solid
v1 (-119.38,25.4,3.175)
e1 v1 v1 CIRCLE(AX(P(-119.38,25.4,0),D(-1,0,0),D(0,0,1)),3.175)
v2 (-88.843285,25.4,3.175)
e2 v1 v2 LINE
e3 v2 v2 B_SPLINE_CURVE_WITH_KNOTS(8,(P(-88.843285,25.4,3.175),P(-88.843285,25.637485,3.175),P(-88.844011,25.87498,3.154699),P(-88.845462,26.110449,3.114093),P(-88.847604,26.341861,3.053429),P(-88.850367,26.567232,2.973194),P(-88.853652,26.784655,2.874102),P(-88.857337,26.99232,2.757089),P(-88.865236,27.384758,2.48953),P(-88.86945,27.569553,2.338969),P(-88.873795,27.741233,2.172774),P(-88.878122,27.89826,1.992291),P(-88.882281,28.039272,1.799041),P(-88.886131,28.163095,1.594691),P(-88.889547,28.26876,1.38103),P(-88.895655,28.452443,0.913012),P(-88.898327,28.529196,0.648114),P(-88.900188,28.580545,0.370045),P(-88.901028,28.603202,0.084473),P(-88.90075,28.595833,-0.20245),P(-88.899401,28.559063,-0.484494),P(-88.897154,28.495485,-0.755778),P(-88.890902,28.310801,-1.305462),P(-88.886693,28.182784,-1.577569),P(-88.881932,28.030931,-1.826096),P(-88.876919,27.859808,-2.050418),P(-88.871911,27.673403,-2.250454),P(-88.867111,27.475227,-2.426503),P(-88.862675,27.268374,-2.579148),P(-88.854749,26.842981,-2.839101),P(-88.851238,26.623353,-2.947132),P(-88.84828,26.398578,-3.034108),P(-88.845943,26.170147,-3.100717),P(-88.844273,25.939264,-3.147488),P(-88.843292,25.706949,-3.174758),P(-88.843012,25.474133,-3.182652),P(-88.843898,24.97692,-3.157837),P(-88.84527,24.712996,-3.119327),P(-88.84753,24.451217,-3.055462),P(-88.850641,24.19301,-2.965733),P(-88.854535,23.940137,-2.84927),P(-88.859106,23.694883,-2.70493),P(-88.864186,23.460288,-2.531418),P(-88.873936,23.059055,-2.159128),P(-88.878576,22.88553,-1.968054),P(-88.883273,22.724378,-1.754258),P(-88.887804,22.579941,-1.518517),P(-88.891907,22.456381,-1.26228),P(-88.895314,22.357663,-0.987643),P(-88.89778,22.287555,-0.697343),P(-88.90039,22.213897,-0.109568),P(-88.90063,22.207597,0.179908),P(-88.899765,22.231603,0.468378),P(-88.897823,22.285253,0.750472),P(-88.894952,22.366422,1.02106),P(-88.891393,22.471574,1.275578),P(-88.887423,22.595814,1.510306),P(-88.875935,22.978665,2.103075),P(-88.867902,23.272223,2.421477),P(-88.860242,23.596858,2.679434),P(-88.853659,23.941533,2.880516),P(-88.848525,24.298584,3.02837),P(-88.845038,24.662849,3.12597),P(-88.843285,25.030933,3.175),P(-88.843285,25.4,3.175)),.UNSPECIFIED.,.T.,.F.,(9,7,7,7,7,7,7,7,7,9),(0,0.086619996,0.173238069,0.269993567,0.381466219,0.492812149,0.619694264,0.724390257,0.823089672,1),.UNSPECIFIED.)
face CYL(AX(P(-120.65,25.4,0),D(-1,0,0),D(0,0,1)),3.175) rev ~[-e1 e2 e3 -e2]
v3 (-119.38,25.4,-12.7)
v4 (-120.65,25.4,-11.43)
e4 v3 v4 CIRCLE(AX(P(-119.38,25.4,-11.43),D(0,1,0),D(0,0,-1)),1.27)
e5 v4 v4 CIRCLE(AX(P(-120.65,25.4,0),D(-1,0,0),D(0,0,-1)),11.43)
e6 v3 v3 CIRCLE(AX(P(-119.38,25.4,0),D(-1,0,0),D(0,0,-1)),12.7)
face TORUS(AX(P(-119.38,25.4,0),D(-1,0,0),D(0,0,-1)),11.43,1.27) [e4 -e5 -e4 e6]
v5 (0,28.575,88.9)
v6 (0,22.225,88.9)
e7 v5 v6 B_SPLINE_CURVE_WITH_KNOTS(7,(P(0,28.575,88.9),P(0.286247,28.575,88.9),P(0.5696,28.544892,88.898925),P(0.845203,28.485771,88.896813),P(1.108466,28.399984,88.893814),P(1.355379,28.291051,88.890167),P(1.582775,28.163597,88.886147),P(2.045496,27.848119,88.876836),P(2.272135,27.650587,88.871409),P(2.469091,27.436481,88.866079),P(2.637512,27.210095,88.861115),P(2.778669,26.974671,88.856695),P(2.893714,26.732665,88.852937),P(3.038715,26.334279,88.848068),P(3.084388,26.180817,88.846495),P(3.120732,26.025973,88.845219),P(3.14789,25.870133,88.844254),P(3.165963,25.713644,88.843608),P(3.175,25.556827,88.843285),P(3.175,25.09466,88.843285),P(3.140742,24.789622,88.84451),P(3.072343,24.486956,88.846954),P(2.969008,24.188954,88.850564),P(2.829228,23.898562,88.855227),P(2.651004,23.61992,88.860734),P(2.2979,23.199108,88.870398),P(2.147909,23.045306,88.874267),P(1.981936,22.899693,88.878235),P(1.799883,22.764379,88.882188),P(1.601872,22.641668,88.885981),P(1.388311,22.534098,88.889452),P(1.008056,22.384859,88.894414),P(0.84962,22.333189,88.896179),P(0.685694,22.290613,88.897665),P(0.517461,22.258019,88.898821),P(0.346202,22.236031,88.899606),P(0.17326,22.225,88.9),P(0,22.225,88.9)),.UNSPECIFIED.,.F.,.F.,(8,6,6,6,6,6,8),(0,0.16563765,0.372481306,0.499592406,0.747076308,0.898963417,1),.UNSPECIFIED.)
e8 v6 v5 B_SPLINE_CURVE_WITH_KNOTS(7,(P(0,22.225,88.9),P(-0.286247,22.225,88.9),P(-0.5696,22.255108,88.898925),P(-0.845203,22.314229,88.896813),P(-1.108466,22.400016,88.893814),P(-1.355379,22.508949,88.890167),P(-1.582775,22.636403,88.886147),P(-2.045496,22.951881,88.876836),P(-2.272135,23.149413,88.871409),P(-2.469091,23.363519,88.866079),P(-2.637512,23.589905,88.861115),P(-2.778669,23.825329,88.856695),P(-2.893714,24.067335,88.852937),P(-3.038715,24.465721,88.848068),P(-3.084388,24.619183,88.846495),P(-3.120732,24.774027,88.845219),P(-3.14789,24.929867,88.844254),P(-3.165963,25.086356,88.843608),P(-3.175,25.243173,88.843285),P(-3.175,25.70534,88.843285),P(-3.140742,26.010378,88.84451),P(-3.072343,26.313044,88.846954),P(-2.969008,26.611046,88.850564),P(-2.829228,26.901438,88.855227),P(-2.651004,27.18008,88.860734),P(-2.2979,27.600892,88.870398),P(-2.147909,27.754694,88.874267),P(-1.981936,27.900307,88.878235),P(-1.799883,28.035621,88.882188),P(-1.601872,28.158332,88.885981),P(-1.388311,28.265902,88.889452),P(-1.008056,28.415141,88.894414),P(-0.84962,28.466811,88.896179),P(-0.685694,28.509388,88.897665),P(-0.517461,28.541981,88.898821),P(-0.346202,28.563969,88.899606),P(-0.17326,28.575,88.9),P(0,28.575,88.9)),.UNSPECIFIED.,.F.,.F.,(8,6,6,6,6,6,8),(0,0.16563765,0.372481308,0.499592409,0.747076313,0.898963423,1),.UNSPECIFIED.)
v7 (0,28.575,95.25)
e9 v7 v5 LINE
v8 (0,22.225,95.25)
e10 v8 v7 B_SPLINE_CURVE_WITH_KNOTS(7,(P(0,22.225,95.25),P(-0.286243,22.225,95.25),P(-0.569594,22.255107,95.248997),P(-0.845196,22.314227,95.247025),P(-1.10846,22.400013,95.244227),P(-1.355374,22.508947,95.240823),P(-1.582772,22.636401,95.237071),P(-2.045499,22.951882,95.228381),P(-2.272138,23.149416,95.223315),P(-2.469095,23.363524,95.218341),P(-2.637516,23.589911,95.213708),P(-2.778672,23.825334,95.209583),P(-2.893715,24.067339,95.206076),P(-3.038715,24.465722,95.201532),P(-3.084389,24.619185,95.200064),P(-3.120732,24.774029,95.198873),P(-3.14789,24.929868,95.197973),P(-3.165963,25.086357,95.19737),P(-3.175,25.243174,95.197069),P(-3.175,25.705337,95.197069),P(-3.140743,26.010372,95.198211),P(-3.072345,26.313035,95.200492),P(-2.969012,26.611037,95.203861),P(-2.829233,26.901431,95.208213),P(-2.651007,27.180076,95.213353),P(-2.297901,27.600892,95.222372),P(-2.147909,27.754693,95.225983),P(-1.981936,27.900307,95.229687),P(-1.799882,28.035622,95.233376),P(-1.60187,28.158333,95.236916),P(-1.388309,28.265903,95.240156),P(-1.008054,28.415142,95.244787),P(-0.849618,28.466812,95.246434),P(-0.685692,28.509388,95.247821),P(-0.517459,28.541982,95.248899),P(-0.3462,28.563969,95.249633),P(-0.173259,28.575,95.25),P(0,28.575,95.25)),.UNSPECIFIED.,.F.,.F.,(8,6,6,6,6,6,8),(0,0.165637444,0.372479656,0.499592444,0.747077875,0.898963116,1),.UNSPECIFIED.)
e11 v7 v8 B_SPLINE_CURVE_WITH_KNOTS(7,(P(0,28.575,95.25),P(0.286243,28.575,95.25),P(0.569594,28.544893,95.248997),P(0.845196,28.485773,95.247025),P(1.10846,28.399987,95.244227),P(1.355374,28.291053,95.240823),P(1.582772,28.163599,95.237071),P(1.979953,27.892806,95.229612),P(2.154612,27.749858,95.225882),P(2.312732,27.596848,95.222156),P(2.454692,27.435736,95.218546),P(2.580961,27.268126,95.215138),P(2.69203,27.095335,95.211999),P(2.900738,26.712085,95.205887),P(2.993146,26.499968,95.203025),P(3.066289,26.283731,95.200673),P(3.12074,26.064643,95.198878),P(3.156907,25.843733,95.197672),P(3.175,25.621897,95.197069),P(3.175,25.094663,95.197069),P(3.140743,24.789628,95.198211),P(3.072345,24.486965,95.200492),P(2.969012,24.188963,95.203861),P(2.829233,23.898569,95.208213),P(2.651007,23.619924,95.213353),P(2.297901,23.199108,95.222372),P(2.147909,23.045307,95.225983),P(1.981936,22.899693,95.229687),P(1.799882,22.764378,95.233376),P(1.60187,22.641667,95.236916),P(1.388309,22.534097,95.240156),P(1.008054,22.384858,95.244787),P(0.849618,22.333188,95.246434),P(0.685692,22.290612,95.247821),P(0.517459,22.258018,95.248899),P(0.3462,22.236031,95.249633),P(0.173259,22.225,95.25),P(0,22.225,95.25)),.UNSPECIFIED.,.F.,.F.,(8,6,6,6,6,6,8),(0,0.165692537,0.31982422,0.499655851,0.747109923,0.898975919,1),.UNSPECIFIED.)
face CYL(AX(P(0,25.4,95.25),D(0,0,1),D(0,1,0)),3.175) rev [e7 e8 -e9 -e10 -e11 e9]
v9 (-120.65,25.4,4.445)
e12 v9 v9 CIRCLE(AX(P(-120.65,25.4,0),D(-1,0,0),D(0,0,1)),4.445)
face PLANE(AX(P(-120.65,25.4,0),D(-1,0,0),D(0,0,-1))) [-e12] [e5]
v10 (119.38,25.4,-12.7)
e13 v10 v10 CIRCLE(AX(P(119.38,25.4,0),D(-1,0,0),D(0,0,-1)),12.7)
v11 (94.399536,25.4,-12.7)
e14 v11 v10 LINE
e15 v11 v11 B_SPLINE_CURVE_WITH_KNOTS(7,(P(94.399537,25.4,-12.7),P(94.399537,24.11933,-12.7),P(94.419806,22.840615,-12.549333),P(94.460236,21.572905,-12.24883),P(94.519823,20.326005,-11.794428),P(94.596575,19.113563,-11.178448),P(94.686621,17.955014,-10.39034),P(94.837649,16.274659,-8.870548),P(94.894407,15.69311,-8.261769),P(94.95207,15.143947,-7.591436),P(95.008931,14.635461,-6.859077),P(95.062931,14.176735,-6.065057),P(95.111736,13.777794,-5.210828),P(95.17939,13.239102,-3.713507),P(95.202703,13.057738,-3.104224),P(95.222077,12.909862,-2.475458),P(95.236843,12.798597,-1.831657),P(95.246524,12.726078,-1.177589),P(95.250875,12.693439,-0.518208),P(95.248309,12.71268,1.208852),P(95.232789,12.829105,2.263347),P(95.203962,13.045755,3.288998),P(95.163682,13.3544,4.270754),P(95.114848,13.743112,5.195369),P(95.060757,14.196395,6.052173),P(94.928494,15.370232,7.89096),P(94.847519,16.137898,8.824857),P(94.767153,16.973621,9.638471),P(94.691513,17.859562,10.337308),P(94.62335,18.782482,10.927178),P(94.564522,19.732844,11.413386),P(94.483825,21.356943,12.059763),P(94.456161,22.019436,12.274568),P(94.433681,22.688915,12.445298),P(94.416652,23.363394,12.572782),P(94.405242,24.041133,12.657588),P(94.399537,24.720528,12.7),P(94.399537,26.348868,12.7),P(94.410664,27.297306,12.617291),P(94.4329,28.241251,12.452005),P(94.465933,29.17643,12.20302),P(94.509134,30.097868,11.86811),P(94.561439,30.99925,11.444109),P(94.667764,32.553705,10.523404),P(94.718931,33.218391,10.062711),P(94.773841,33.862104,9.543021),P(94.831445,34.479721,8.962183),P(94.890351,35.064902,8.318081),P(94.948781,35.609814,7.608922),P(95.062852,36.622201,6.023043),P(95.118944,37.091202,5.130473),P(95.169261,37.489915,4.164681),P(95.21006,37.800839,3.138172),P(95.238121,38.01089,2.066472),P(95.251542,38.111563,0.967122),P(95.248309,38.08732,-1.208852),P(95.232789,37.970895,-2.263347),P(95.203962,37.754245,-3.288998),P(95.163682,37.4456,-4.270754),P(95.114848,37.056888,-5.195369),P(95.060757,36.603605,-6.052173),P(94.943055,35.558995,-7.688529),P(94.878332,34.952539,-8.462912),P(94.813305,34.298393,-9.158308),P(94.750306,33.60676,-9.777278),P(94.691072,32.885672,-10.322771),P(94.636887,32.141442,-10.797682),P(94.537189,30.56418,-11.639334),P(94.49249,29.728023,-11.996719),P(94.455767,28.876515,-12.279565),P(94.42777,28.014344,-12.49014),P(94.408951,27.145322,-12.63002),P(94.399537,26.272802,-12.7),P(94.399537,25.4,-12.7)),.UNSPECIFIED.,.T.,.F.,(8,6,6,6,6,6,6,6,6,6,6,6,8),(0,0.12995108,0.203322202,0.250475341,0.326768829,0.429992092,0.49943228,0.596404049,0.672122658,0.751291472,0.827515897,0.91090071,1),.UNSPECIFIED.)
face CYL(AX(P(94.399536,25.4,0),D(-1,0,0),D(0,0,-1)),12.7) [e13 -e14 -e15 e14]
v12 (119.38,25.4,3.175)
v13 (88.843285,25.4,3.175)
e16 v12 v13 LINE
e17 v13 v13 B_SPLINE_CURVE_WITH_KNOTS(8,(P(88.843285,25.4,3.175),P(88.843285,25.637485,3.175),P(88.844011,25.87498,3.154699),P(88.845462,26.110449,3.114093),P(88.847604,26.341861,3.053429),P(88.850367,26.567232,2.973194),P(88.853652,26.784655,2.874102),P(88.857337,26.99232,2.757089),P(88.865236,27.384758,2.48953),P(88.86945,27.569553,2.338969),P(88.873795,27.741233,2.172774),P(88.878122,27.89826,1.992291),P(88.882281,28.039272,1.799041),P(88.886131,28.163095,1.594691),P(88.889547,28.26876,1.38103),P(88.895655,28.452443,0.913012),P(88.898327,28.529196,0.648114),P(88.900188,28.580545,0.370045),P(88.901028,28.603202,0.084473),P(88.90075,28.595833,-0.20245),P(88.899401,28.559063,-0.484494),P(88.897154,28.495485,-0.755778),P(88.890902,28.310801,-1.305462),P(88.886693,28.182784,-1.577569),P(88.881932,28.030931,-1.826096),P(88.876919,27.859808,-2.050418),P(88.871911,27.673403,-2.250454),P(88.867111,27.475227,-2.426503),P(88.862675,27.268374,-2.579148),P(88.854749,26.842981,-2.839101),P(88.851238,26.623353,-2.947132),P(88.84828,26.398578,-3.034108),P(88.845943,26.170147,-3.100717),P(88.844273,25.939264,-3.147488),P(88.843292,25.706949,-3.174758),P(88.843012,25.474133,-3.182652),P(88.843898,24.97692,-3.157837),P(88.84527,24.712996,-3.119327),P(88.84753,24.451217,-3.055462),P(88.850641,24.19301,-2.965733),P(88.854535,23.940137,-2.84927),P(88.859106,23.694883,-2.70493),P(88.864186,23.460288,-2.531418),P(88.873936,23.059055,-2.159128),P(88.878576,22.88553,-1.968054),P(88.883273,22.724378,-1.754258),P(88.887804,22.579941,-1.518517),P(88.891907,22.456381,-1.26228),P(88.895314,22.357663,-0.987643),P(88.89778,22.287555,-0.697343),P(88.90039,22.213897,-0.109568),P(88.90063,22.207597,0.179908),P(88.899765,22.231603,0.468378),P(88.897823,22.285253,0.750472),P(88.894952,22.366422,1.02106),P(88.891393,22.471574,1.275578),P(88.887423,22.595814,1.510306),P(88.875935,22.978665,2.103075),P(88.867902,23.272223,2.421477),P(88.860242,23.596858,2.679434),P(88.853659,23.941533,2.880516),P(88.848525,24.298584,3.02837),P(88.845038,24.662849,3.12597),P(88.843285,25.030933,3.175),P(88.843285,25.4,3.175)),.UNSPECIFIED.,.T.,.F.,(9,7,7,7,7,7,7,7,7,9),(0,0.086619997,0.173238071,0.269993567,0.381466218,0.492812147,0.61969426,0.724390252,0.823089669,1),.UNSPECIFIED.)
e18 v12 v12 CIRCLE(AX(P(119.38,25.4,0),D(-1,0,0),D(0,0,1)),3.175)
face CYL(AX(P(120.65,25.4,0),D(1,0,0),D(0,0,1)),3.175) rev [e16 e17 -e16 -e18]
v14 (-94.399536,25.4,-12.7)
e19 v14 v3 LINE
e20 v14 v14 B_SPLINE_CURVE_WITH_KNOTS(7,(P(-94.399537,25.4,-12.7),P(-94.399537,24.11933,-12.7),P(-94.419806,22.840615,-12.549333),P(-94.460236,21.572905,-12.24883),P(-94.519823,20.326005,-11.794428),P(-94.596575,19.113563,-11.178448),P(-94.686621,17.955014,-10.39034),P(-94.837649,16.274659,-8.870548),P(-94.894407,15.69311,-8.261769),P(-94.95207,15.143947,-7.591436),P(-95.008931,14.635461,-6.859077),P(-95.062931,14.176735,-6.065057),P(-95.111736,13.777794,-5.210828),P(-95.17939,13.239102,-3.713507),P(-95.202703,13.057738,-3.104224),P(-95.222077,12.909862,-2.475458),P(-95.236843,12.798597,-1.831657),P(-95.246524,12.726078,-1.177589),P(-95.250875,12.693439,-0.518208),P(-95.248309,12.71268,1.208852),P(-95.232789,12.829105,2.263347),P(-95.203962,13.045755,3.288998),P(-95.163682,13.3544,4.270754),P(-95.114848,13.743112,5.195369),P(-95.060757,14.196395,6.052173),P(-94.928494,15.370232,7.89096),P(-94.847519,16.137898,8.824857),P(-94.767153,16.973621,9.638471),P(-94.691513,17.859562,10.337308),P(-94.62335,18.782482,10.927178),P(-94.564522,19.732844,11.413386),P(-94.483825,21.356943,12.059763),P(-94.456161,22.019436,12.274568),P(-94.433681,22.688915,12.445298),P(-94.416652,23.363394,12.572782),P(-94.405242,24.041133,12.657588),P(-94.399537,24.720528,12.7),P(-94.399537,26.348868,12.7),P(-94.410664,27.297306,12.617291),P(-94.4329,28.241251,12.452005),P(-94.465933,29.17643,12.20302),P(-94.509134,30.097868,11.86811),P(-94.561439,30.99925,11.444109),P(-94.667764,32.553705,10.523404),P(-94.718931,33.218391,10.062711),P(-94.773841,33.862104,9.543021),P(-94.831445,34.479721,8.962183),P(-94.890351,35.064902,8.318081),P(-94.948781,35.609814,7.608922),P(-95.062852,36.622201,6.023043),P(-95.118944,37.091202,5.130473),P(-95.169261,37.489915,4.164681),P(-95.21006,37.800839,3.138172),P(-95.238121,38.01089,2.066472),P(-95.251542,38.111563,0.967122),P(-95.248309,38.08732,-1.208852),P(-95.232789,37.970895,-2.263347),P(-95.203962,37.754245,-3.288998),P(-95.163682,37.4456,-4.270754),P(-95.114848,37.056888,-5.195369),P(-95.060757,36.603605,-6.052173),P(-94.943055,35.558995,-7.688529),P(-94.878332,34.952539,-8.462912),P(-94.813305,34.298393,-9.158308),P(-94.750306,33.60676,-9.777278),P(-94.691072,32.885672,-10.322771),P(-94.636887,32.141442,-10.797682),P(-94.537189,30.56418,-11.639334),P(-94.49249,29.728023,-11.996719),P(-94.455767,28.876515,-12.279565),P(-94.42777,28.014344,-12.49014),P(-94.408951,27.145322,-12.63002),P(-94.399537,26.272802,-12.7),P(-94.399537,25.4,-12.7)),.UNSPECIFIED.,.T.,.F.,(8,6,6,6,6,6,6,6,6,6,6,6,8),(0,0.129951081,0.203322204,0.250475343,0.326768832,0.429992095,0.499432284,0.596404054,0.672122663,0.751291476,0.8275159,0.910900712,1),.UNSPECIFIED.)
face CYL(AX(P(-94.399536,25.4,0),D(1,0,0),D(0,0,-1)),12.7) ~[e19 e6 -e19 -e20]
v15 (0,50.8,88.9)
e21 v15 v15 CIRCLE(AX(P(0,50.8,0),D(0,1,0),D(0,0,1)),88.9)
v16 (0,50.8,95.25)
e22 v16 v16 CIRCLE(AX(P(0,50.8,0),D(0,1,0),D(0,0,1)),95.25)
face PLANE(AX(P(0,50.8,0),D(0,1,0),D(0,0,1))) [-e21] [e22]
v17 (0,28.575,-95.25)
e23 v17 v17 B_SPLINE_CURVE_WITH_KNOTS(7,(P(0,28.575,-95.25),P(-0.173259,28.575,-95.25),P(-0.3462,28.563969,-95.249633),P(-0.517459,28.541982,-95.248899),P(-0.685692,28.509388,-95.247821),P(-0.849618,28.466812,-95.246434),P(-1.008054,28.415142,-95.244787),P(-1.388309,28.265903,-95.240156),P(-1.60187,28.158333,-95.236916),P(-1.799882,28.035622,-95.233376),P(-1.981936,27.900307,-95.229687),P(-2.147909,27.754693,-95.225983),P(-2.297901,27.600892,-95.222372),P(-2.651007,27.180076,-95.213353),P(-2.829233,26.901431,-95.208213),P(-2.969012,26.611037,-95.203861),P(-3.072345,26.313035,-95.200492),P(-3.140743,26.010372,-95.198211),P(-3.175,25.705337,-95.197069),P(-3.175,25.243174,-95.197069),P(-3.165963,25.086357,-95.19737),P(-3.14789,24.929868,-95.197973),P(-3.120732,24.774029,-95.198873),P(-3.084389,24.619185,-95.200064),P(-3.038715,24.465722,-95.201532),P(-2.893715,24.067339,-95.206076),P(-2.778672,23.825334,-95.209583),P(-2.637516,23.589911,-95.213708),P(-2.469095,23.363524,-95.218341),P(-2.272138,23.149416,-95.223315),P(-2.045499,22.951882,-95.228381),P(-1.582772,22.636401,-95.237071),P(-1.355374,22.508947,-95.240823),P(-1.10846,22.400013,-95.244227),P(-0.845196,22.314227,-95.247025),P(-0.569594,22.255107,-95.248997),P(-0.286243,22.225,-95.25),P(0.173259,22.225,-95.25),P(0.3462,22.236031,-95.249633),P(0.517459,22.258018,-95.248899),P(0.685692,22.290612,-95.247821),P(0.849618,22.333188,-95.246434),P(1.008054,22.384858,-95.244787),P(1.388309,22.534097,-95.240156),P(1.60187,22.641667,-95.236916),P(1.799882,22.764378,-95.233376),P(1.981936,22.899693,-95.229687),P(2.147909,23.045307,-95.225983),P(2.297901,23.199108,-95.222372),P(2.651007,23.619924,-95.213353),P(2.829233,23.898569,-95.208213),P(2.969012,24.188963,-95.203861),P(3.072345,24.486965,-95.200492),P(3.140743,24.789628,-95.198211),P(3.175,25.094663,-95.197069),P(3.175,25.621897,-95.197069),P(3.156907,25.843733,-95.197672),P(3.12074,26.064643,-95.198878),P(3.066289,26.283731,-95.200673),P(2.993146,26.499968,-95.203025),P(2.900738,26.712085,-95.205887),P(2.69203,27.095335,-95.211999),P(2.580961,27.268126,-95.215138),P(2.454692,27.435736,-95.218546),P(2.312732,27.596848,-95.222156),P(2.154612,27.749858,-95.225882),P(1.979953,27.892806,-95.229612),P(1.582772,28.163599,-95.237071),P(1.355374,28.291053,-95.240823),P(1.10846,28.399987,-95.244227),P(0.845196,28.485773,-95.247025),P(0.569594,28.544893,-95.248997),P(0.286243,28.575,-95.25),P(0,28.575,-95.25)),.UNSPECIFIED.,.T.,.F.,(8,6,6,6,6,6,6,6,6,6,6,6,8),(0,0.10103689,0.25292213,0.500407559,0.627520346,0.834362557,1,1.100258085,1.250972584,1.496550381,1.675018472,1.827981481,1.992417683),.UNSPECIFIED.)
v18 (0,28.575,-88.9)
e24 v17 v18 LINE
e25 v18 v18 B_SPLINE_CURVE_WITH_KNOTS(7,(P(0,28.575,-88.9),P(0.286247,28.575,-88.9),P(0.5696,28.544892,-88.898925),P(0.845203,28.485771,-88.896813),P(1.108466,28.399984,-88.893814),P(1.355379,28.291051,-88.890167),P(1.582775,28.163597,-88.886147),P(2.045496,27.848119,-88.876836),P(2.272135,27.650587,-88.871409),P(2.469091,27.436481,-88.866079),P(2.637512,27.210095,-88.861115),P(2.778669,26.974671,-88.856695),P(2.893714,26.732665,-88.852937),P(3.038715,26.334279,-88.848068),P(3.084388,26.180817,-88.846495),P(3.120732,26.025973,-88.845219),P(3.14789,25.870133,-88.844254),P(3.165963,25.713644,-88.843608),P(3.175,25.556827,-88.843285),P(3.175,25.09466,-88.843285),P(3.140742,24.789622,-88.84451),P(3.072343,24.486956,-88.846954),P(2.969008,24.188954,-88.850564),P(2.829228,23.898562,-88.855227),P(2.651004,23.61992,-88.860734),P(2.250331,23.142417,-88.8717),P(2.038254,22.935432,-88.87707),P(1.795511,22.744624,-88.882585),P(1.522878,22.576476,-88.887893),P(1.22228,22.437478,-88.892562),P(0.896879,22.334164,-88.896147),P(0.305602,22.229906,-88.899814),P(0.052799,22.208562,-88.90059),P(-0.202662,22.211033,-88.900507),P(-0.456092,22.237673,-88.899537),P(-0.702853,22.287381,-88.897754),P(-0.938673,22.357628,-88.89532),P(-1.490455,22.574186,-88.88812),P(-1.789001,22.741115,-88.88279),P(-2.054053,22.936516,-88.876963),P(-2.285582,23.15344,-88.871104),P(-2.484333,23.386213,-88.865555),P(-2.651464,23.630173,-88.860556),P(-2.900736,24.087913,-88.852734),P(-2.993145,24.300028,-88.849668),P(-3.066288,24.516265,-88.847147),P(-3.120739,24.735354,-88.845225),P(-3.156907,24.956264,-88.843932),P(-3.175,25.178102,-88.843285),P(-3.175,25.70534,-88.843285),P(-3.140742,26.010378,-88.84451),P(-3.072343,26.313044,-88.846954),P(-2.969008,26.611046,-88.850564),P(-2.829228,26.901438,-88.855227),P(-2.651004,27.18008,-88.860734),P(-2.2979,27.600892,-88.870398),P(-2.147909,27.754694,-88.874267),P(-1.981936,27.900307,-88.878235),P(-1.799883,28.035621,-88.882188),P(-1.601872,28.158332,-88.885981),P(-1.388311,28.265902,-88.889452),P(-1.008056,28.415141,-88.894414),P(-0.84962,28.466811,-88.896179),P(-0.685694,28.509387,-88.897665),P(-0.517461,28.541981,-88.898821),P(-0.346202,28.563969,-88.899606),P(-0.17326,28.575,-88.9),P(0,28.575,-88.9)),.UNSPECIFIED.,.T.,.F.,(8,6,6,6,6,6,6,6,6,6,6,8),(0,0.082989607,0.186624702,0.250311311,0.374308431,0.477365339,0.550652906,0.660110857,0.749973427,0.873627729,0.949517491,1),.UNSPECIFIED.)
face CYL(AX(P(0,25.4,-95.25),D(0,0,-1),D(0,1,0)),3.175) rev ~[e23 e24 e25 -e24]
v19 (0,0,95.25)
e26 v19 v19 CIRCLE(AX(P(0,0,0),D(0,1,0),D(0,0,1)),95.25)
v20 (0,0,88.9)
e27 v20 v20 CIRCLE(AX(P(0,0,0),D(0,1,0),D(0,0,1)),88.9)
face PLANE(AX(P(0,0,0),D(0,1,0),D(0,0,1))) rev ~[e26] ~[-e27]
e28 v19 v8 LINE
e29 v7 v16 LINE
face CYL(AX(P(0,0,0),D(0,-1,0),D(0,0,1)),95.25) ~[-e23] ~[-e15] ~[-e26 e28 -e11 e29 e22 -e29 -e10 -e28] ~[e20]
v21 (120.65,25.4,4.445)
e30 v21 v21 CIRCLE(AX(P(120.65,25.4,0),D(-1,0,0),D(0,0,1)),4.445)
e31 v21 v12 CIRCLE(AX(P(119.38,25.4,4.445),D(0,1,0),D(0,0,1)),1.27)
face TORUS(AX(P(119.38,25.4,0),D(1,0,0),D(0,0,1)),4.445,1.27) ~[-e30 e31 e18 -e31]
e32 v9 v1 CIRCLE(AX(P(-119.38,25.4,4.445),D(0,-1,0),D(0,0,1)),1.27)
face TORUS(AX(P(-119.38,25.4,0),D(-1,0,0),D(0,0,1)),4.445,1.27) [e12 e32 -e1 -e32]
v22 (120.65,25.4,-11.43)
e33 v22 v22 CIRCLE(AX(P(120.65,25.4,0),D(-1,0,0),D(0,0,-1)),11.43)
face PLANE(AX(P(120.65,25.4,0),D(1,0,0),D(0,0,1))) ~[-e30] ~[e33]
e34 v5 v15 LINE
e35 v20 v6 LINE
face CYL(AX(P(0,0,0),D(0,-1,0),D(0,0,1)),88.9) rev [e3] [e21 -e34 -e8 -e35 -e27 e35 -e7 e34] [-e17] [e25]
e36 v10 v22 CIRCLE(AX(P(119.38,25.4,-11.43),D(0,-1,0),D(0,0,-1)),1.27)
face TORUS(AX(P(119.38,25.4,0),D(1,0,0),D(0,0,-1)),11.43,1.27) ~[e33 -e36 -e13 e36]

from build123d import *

# Parameters (mm, degrees)
SKETCH1_R           = 95.25
SKETCH1_R_2         = 88.9
BOSS_EXTRUDE1_DEPTH = 50.8
BOSS_EXTRUDE2_START = -0.850464
SKETCH2_R           = 12.7
BOSS_EXTRUDE2_DEPTH = 26.250464
SKETCH3_R           = 3.175
CUT_EXTRUDE1_DEPTH  = 50.8
FILLET1_R           = 1.27
SKETCH4_R           = 3.175
CUT_EXTRUDE2_DEPTH  = 10.16


with BuildPart() as part:
    # Sketch1 → Boss-Extrude1 (new body)
    with BuildSketch(Plane(origin=(0, 0, 0), x_dir=(1, 0, 0), z_dir=(0, 1, 0))):
        with Locations(Location((0, 0, 0), (0, 0, 270))):
            Circle(SKETCH1_R)
        with Locations(Location((0, 0, 0), (0, 0, 270))):
            Circle(SKETCH1_R_2, mode=Mode.SUBTRACT)
    extrude(amount=BOSS_EXTRUDE1_DEPTH)

    # Sketch2 → Boss-Extrude2 (add)
    with BuildSketch(Plane.ZY.offset(95.25).offset(BOSS_EXTRUDE2_START)):
        with Locations(Location((0, 25.4, 0), (0, 0, 180))):
            Circle(SKETCH2_R)
    boss_extrude2 = extrude(amount=BOSS_EXTRUDE2_DEPTH)

    # Sketch3 → Cut-Extrude1 (cut)
    with BuildSketch(Plane.ZY.offset(120.65)):
        with Locations((0, 25.4)):
            Circle(SKETCH3_R)
    cut_extrude1 = extrude(amount=-CUT_EXTRUDE1_DEPTH, mode=Mode.SUBTRACT)

    # Mirror1: Boss-Extrude2, Cut-Extrude1 across plane
    add(boss_extrude2.mirror(Plane(origin=(0, 0, 0), x_dir=(0, 0, 1), z_dir=(1, 0, 0))))
    add(cut_extrude1.mirror(Plane(origin=(0, 0, 0), x_dir=(0, 0, 1), z_dir=(1, 0, 0))), mode=Mode.SUBTRACT)

    # Fillet1
    fillet1_edges = [part.edges().sort_by_distance(p)[0] for p in [
        (-120.65, 25.4, 12.7),
        (-120.65, 25.4, -3.175),
        (120.65, 25.4, 12.7),
        (120.65, 25.4, -3.175),
    ]]
    fillet(fillet1_edges, radius=FILLET1_R)

    # Sketch4 → Cut-Extrude2 (cut)
    with BuildSketch(Plane(origin=(0, 0, -95.25), x_dir=(-1, 0, 0), z_dir=(0, 0, -1))):
        with Locations(Location((0, 25.4, 0), (0, 0, 90))):
            Circle(SKETCH4_R)
    cut_extrude2 = extrude(amount=-CUT_EXTRUDE2_DEPTH, mode=Mode.SUBTRACT)

    # Mirror2: Cut-Extrude2 across plane
    add(cut_extrude2.mirror(Plane.XY), mode=Mode.SUBTRACT)


solid = part.part
